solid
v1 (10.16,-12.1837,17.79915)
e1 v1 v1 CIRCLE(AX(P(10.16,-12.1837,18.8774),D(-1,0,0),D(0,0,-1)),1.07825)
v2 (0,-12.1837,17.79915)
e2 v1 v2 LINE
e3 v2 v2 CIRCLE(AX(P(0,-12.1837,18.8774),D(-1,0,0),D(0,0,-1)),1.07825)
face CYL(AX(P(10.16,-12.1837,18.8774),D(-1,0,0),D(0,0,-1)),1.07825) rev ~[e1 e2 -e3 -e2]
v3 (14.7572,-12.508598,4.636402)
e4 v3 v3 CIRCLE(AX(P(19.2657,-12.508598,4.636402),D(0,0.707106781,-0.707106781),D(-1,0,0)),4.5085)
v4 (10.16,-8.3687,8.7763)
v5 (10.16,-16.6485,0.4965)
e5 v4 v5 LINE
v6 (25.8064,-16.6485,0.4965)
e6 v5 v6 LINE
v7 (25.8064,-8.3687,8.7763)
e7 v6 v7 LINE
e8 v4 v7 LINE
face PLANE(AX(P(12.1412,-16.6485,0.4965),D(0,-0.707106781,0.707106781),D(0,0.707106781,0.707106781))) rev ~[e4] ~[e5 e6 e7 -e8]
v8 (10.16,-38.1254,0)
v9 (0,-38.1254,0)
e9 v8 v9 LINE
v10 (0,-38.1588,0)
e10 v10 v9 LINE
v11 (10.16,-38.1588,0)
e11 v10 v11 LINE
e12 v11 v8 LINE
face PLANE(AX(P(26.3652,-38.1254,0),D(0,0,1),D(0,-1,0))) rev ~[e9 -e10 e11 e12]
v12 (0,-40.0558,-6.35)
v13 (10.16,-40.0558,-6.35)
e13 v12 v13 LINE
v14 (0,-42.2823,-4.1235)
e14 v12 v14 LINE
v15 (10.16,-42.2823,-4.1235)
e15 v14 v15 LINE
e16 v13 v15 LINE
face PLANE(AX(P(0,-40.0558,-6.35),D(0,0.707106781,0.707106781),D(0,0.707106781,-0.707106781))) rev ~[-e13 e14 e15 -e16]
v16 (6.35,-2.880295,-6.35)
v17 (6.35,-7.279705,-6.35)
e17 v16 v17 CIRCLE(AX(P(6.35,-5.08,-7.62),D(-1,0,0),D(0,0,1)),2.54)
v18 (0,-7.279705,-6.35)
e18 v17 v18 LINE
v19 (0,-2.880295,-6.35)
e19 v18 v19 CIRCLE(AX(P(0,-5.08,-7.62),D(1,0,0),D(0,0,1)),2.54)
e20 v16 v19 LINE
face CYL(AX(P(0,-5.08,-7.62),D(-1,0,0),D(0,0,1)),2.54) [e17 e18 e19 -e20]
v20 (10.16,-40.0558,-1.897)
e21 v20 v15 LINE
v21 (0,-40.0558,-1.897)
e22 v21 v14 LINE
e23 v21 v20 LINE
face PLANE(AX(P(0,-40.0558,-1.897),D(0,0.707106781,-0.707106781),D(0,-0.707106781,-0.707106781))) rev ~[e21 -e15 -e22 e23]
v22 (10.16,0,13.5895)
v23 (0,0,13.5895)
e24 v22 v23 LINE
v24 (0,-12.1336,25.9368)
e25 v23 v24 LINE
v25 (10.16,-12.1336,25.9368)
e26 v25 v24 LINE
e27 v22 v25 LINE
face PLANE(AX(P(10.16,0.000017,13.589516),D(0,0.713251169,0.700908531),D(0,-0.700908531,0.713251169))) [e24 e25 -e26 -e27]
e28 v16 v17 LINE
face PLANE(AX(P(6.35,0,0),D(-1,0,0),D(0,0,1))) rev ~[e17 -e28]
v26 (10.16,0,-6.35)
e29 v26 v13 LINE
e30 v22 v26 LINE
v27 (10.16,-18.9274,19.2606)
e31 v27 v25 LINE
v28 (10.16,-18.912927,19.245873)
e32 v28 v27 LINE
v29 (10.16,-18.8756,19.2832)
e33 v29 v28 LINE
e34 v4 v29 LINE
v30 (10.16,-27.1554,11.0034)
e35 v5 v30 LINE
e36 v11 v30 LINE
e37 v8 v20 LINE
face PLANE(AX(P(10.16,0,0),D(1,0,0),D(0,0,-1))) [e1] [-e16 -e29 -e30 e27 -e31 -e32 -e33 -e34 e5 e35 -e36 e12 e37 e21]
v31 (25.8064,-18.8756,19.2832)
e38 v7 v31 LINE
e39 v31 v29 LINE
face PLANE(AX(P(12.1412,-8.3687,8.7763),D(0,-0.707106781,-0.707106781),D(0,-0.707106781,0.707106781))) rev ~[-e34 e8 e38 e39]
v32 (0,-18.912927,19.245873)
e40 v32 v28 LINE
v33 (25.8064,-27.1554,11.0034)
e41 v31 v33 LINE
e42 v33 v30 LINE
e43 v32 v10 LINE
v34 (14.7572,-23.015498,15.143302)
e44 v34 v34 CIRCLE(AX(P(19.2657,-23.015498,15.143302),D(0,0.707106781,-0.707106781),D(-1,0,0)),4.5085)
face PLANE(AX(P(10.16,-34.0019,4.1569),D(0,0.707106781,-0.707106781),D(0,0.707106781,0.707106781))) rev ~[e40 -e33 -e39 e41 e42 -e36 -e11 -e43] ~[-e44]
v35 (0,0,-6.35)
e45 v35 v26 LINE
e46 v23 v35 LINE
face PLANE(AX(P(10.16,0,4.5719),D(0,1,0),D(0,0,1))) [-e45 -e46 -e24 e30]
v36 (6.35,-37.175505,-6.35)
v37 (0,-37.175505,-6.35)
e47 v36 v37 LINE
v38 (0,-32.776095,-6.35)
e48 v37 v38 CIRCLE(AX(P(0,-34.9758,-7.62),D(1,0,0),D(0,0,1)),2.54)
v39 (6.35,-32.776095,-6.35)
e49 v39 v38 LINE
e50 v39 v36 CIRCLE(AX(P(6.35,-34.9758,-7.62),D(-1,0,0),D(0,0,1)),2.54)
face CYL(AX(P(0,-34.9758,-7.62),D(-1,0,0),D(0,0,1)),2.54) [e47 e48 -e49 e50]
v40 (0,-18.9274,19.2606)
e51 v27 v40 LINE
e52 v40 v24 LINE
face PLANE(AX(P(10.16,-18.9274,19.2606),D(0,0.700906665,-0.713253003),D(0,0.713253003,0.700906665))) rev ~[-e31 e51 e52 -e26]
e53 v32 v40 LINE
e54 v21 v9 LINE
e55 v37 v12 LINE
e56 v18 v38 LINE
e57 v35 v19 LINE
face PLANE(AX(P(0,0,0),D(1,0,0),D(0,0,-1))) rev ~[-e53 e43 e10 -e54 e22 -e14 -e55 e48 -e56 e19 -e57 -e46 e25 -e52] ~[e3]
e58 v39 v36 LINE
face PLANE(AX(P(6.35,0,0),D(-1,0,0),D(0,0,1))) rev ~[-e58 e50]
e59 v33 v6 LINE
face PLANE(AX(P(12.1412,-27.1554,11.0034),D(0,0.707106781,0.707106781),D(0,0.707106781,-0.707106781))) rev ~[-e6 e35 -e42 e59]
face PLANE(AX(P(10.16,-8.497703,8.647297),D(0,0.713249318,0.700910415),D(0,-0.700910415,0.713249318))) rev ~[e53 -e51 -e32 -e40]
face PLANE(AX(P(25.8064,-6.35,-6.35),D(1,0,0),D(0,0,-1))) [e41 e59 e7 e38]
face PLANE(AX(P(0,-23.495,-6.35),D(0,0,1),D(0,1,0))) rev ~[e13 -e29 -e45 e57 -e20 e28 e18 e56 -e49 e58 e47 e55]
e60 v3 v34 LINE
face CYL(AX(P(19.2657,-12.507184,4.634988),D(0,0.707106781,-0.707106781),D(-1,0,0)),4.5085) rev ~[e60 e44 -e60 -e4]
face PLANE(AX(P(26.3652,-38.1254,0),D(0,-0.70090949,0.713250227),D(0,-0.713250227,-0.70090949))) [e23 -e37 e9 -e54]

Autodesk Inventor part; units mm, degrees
ref_plane "YZ Plane" through (0, 0, 0) normal (1, 0, 0) x (0, 1, 0)
ref_plane "XZ Plane" through (0, 0, 0) normal (0, 1, 0) x (-1, 0, 0)
ref_plane "XY Plane" through (0, 0, 0) normal (0, 0, 1) x (1, 0, 0)
sketch "Sketch1" plane through (0, 0, 0) normal (1, 0, 0) x (0, 1, 0)
  line L0 (0, 0) -> (-40.0558, 0)
  line L1 (-40.0558, 0) -> (-40.0558, -6.35)
  line L2 (-40.0558, -6.35) -> (0, -6.35)
  line L3 (0, -6.35) -> (0, 0)
  line L4 (-23.495, -6.35) -> (-34.0019, 4.1569)
  line L5 (-34.0019, 4.1569) -> (-42.2823, -4.1235)
  line L6 (-42.2823, -4.1235) -> (-31.7754, -14.6304)
  line L7 (-31.7754, -14.6304) -> (-23.495, -6.35)
  line L8 (-23.495, -6.35) -> (-8.636, -6.35) construction
  line L9 (-23.495, -6.35) -> (0, -6.35) construction
  dimension "d0" = 40.0558
  dimension "d2" = 6.35
  dimension "d3" = 14.859
  dimension "d4" = 135
  dimension "d6" = 23.495
extrude "Extrusion1" add sketch "Sketch1" along normal blind 26.3652
sketch "Sketch2" plane through (26.3652, 0, 0) normal (1, 0, 0) x (0, 0, -1)
  line L0 (6.35, -23.495) -> (6.35, 0) projected
  line L1 (6.35, 0) -> (0, 0) projected
  line L2 (0, 0) -> (0, -29.845) projected
  line L3 (14.6304, -31.7754) -> (6.35, -23.495) projected
  line L4 (6.35, -23.495) -> (0, -29.845)
  line L5 (0, -29.845) -> (0, 0)
  line L6 (0, 0) -> (6.35, 0)
  line L7 (6.35, 0) -> (6.35, -23.495)
extrude "Extrusion2" cut sketch "Sketch2" against normal blind 16.2052
sketch "Sketch5" plane through (0, 0, 0) normal (-1, 0, 0) x (0, 0, 1)
  line L0 (-4.1235, -42.2823) -> (-14.6304, -31.7754) projected
  line L1 (-6.35, -23.495) -> (-6.35, 0) projected
  line L2 (-6.35, -23.495) -> (-6.35, -40.0558)
  line L3 (-6.35, -40.0558) -> (-14.6304, -31.7754)
  line L4 (-14.6304, -31.7754) -> (-6.35, -23.495)
extrude "Extrusion5" cut sketch "Sketch5" against normal blind 12.7
sketch "Sketch6" plane through (26.3652, -23.495, -6.35) normal (0, 0.7071, -0.7071) x (-1, 0, 0)
  line L0 (13.6652, -11.7103) -> (0, -11.7103) projected
  circle A0 centre (6.8326, -5.8551) radius 4.5085
  line L1 (13.6652, 0) -> (0, 0) projected
  line L2 (0, -11.7103) -> (0, 0) projected
  line L3 (6.8326, -5.8551) -> (6.8326, 0) construction
  line L4 (6.8326, -5.8551) -> (6.8326, -11.7103) construction
  point P0 (26.3652, 21.1036)
  dimension "d24" = 9.017
extrude "Extrusion6" cut sketch "Sketch6" against normal blind 25.4
sketch "Sketch7" plane through (0, 0, 0) normal (-1, 0, 0) x (0, 0, 1)
  line L0 (-6.35, 0) -> (-6.35, -40.0558) projected
  line L1 (-6.35, 0) -> (0, 0) projected
  circle A0 centre (-7.62, -34.9758) radius 2.54
  line L2 (-7.62, -34.9758) -> (-6.35, -34.9758) construction
  line L3 (-6.35, -34.9758) -> (-6.35, -40.0558) construction
  line L4 (-6.35, 0) -> (-6.35, -5.08) construction
  line L5 (-6.35, -5.08) -> (-7.62, -5.08) construction
  circle A1 centre (-7.62, -5.08) radius 2.54
  dimension "d27" = 1.27
  dimension "d29" = 5.08
  dimension "d30" = 5.08
  dimension "d31" = 5.08
  dimension "d32" = 1.27
  dimension "d33" = 5.08
extrude "Extrusion7" add sketch "Sketch7" against normal blind 6.35
sketch "Sketch8" plane through (0, 0, 0) normal (-1, 0, 0) x (0, 0, 1)
  line L0 (0, -29.845) -> (4.1569, -34.0019) projected
  line L1 (0, 0) -> (0, -29.845) projected
  line L2 (4.1569, -34.0019) -> (-4.1235, -42.2823) projected
  line L3 (-6.35, -7.2797) -> (-6.35, -32.7761) projected
  line L4 (4.1569, -34.0019) -> (4.1569, -26.3819)
  line L5 (4.1569, -26.3819) -> (0, -22.225)
  line L6 (0, -22.225) -> (0, -29.845)
  line L7 (4.1569, -34.0019) -> (0, -29.845)
  dimension "d42" = 7.62
extrude "Extrusion8" add sketch "Sketch8" against normal blind 12.1412
ref_plane "Work Plane1" through (12.1412, -6.35, -6.35) normal (1, 0, 0) x (0, 0, -1)
sketch "Sketch9" plane through (12.1412, -6.35, -6.35) normal (1, 0, 0) x (0, 0, -1)
  line L0 (-10.5069, 6.35) -> (-10.5069, -29.5569) projected
  line L1 (-6.35, -25.4) -> (-10.5069, -29.5569) projected
  line L2 (-6.35, -25.4) -> (-6.35, 0) projected
  circle A0 centre (-8.4284, -20.4934) radius 1.5875
  line L3 (-6.35, -20.4934) -> (-10.5069, -20.4934) construction
  line L4 (-8.4284, -20.4934) -> (-8.4284, -27.4784) construction
  point P0 (-6.35, 6.35)
  dimension "d38" = 3.175
  dimension "d39" = 6.985
extrude "Extrusion9" add sketch "Sketch9" along normal blind 2.54
sketch "Sketch10" plane through (26.3652, 0, 0) normal (1, 0, 0) x (0, 0, -1)
  line L0 (0, -40.0558) -> (1.897, -40.0558) projected
  line L1 (14.6304, -31.7754) -> (6.35, -23.495) projected
  line L2 (0, -38.1254) -> (1.897, -40.0558)
  line L3 (1.897, -40.0558) -> (0, -40.0558)
  line L4 (0, -38.1254) -> (0, -40.0558)
  line L5 (0, -38.1254) -> (1.897, -40.0558)
  point P0 (0, 0)
  dimension "d43" = 0.5
extrude "Extrusion10" cut sketch "Sketch10" against normal blind 38.1
sketch "Sketch11" plane through (14.6812, -26.8434, 2.0784) normal (1, 0, 0) x (0, 0, -1)
  circle A0 centre (0, 0) radius 1.5875 projected
  circle A1 centre (0, 0) radius 1.5875
  line L0 (-1.5875, 0) -> (1.5875, 0)
  line L1 (1.5875, 0) -> (1.5875, -2.159)
  line L2 (1.5875, -2.159) -> (-1.5875, -2.159)
  line L3 (-1.5875, -2.159) -> (-1.5875, 0)
  point P0 (2.0784, 26.8434)
  dimension "d46" = 2.159
extrude "Extrusion11" add sketch "Sketch11" along normal blind 2.54
sketch "Sketch14" plane through (12.1412, -6.35, -6.35) normal (1, 0, 0) x (0, 0, -1)
  line L0 (-6.8465, -10.2985) -> (-15.1263, -2.0187)
  line L1 (8.2804, -25.4254) -> (0, -17.145) projected
  line L2 (-15.1263, -2.0187) -> (-25.6332, -12.5256)
  line L3 (-25.6332, -12.5256) -> (-17.3534, -20.8054)
  line L4 (-17.3534, -20.8054) -> (-6.8465, -10.2985)
  point P0 (-6.35, 6.35)
  dimension "d60" = 11.7094
  dimension "d61" = 14.859
extrude "Extrusion14" add sketch "Sketch14" along normal blind 13.6652
sketch "Sketch15" plane through (12.1412, -6.35, -6.35) normal (-1, 0, 0) x (0, 0, 1)
  line L0 (6.8465, -10.2985) -> (15.1263, -2.0187) projected
  line L1 (25.6332, -12.5256) -> (17.3534, -20.8054) projected
  line L2 (15.1263, -2.0187) -> (25.6332, -12.5256)
  line L3 (25.6332, -12.5256) -> (17.3534, -20.8054)
  line L4 (6.8465, -10.2985) -> (17.3534, -20.8054)
  line L5 (6.8465, -10.2985) -> (15.1263, -2.0187)
  point P0 (6.35, 6.35)
extrude "Extrusion15" add sketch "Sketch15" along normal up to surface (12.1412 mm away)
sketch "Sketch17" plane through (0, 0, 0) normal (-1, 0, 0) x (0, 0, 1)
  line L0 (-1.897, -40.0558) -> (0, -38.1254) projected
  line L1 (4.1569, -26.3819) -> (0, -22.225) projected
  line L2 (0, 0) -> (0, -22.225) projected
  line L3 (-6.35, -37.1755) -> (-6.35, -40.0558) projected
  line L4 (-1.897, -40.0558) -> (-4.1235, -42.2823) projected
  line L5 (0, 0) -> (0, -22.225)
  line L6 (0, -22.225) -> (3.1163, -19.1087)
  line L7 (3.1163, -19.1087) -> (11.1874, -11.0376)
  line L8 (11.1874, -11.0376) -> (8.66, -8.5101)
  line L9 (8.66, -8.5101) -> (0, 0)
extrude "Extrusion17" add sketch "Sketch17" against normal up to surface (10.16 mm away)
sketch "Sketch18" plane through (25.8064, -8.3687, 8.7763) normal (0, 0.7071, -0.7071) x (-1, 0, 0)
  circle A0 centre (6.5407, -5.8547) radius 4.5085
  point P0 (25.8064, -0.2882)
  dimension "d70" = 9.017
extrude "Extrusion18" cut sketch "Sketch18" against normal up to surface (14.859 mm away)
sketch "Sketch19" plane through (26.3652, 0, 0) normal (1, 0, 0) x (0, 0, -1)
  line L0 (0, -38.1588) -> (0, -38.1254) projected
  line L1 (0, -38.1254) -> (1.897, -40.0558) projected
  line L2 (1.897, -40.0558) -> (4.1235, -42.2823) projected
  line L3 (14.6304, -31.7754) -> (6.35, -23.495) projected
  line L4 (-4.1569, -34.0019) -> (0, -38.1588) projected
  line L5 (-4.1569, -34.0019) -> (6.35, -23.495)
  line L6 (14.6304, -31.7754) -> (6.35, -23.495)
  line L7 (14.6304, -31.7754) -> (4.1235, -42.2823)
  line L8 (-4.1569, -34.0019) -> (4.1235, -42.2823)
  point P0 (0, 0)
extrude "Extrusion19" cut sketch "Sketch19" against normal up to surface (16.2052 mm away) contours L4 L5 L3 L7 L2 L1 L0
sketch "Sketch21" plane through (10.16, 0, 0) normal (1, 0, 0) x (0, 0, -1)
  line L0 (-8.6473, -8.4977) -> (0, 0) projected
  line L1 (0, 0) -> (-19.2606, -18.9274)
  line L2 (-19.2606, -18.9274) -> (-25.9368, -12.1336)
  line L3 (0, 0) -> (-6.6762, 6.7937)
  line L4 (-6.6762, 6.7937) -> (-25.9368, -12.1336)
  line L5 (0, 0) -> (-4.5719, 0)
  line L6 (-4.5719, 0) -> (-13.5895, 0)
  dimension "d75" = 9.525
extrude "Extrusion21" add sketch "Sketch21" against normal up to surface (10.16 mm away) contours L1 L2 L4 L6 L5 L0
sketch "Sketch22" plane through (10.16, 0, 0) normal (1, 0, 0) x (0, 0, -1)
  line L0 (-8.7763, -8.3687) -> (-19.2832, -18.8756) projected
  circle A0 centre (-18.8774, -12.1837) radius 1.588
  line L1 (-25.9368, -12.1336) -> (-19.2606, -18.9274) projected
  point P0 (0, 0)
  dimension "d81" = 3.176
  dimension "d82" = 4.445
  dimension "d95" = 5
extrude "Extrusion22" [suppressed]
sketch "Sketch23" plane through (24.2316, -12.1837, 18.8774) normal (1, 0, 0) x (0, 0, -1)
  circle A0 centre (0, 0) radius 1.588 projected
  circle A1 centre (0, 0) radius 1.588
  line L0 (0.0027, 1.588) -> (-2.1563, 1.588)
  line L1 (-2.1563, 1.588) -> (-2.1563, -1.588)
  line L2 (-2.1563, -1.588) -> (0.0027, -1.588)
  line L3 (0.0027, -1.588) -> (0.0027, 1.588)
  point P0 (18.8774, 12.1837)
  dimension "d85" = 2.159
extrude "Extrusion23" [suppressed]
sketch "Sketch24" plane through (10.16, 0, 0) normal (1, 0, 0) x (0, 0, -1)
  line L0 (6.35, 0) -> (6.35, -40.0558) projected
  line L1 (-13.5895, 0) -> (6.35, 0) projected
  line L2 (-13.5895, 0) -> (-25.9368, -12.1336) projected
  line L3 (-25.9368, -12.1336) -> (-19.2606, -18.9274) projected
  line L4 (-19.2606, -18.9274) -> (-19.2459, -18.9129) projected
  line L5 (-19.2832, -18.8756) -> (-19.2459, -18.9129) projected
  line L6 (-8.7763, -8.3687) -> (-19.2832, -18.8756) projected
  line L7 (-0.4965, -16.6485) -> (-8.7763, -8.3687) projected
  line L8 (-3.0365, -19.1885) -> (-0.4965, -16.6485) projected
  line L9 (0, -22.225) -> (-3.0365, -19.1885) projected
  line L10 (0, -29.845) -> (0, -22.225) projected
  line L11 (-4.1569, -34.0019) -> (0, -29.845) projected
  line L12 (0, -38.1588) -> (-4.1569, -34.0019) projected
  line L13 (0, -38.1254) -> (0, -38.1588) projected
  line L14 (1.897, -40.0558) -> (0, -38.1254) projected
  line L15 (4.1235, -42.2823) -> (1.897, -40.0558) projected
  line L16 (6.35, -40.0558) -> (4.1235, -42.2823) projected
  line L17 (-4.1569, -34.0019) -> (0, -34.0019)
  line L18 (0, -34.0019) -> (0, -22.225)
  line L19 (0, -22.225) -> (-4.1569, -22.225)
  line L20 (-4.1569, -22.225) -> (-4.1569, -34.0019)
  point P0 (0, 0)
extrude "Extrusion24" cut sketch "Sketch24" along normal up to surface (7.0612 mm away) contours L20 L19 L10 L11 | L11 L18 L17
sketch "Sketch25" plane through (10.16, 0, 0) normal (1, 0, 0) x (0, 0, -1)
  line L0 (-4.1569, -34.0019) -> (-4.1569, -26.3819) projected
  line L1 (-4.1569, -34.0019) -> (-4.1569, -26.3819)
  line L2 (-4.1569, -26.3819) -> (0, -22.225)
  line L3 (0, -22.225) -> (-3.0365, -19.1885)
  line L4 (-4.1569, -34.0019) -> (-11.3495, -26.8093)
  line L5 (-11.3495, -26.8093) -> (-3.0365, -19.1885)
  point P0 (0, 0)
extrude "Extrusion25" add sketch "Sketch25" against normal up to surface (10.16 mm away)
sketch "Sketch26" plane through (10.16, 0, 0) normal (1, 0, 0) x (0, 0, -1)
  circle A0 centre (-18.8774, -12.1837) radius 1.588 projected
  circle A1 centre (-18.8774, -12.1837) radius 2.54
  point P0 (0, 0)
  dimension "d92" = 5.08
extrude "Extrusion26" [suppressed]
sketch "Sketch27" plane through (10.16, 0, 0) normal (1, 0, 0) x (0, 0, -1)
  circle A0 centre (-18.8774, -12.1837) radius 1.588 projected
  line L0 (-25.9368, -12.1336) -> (-19.2606, -18.9274) projected
  line L1 (-13.5895, 0) -> (-25.9368, -12.1336) projected
  point P0 (0, 0)
  dimension "d96" = 5
  dimension "d97" = 4.9837
hole "Hole1" at (10.16, -12.1837, 18.8774) direction (-1, 0, 0) diameter 2.1565 end through all thread size "4-40 UNC" class "2B" standard "ANSI Unified Screw Threads"
properties part number "ScrewMount"
